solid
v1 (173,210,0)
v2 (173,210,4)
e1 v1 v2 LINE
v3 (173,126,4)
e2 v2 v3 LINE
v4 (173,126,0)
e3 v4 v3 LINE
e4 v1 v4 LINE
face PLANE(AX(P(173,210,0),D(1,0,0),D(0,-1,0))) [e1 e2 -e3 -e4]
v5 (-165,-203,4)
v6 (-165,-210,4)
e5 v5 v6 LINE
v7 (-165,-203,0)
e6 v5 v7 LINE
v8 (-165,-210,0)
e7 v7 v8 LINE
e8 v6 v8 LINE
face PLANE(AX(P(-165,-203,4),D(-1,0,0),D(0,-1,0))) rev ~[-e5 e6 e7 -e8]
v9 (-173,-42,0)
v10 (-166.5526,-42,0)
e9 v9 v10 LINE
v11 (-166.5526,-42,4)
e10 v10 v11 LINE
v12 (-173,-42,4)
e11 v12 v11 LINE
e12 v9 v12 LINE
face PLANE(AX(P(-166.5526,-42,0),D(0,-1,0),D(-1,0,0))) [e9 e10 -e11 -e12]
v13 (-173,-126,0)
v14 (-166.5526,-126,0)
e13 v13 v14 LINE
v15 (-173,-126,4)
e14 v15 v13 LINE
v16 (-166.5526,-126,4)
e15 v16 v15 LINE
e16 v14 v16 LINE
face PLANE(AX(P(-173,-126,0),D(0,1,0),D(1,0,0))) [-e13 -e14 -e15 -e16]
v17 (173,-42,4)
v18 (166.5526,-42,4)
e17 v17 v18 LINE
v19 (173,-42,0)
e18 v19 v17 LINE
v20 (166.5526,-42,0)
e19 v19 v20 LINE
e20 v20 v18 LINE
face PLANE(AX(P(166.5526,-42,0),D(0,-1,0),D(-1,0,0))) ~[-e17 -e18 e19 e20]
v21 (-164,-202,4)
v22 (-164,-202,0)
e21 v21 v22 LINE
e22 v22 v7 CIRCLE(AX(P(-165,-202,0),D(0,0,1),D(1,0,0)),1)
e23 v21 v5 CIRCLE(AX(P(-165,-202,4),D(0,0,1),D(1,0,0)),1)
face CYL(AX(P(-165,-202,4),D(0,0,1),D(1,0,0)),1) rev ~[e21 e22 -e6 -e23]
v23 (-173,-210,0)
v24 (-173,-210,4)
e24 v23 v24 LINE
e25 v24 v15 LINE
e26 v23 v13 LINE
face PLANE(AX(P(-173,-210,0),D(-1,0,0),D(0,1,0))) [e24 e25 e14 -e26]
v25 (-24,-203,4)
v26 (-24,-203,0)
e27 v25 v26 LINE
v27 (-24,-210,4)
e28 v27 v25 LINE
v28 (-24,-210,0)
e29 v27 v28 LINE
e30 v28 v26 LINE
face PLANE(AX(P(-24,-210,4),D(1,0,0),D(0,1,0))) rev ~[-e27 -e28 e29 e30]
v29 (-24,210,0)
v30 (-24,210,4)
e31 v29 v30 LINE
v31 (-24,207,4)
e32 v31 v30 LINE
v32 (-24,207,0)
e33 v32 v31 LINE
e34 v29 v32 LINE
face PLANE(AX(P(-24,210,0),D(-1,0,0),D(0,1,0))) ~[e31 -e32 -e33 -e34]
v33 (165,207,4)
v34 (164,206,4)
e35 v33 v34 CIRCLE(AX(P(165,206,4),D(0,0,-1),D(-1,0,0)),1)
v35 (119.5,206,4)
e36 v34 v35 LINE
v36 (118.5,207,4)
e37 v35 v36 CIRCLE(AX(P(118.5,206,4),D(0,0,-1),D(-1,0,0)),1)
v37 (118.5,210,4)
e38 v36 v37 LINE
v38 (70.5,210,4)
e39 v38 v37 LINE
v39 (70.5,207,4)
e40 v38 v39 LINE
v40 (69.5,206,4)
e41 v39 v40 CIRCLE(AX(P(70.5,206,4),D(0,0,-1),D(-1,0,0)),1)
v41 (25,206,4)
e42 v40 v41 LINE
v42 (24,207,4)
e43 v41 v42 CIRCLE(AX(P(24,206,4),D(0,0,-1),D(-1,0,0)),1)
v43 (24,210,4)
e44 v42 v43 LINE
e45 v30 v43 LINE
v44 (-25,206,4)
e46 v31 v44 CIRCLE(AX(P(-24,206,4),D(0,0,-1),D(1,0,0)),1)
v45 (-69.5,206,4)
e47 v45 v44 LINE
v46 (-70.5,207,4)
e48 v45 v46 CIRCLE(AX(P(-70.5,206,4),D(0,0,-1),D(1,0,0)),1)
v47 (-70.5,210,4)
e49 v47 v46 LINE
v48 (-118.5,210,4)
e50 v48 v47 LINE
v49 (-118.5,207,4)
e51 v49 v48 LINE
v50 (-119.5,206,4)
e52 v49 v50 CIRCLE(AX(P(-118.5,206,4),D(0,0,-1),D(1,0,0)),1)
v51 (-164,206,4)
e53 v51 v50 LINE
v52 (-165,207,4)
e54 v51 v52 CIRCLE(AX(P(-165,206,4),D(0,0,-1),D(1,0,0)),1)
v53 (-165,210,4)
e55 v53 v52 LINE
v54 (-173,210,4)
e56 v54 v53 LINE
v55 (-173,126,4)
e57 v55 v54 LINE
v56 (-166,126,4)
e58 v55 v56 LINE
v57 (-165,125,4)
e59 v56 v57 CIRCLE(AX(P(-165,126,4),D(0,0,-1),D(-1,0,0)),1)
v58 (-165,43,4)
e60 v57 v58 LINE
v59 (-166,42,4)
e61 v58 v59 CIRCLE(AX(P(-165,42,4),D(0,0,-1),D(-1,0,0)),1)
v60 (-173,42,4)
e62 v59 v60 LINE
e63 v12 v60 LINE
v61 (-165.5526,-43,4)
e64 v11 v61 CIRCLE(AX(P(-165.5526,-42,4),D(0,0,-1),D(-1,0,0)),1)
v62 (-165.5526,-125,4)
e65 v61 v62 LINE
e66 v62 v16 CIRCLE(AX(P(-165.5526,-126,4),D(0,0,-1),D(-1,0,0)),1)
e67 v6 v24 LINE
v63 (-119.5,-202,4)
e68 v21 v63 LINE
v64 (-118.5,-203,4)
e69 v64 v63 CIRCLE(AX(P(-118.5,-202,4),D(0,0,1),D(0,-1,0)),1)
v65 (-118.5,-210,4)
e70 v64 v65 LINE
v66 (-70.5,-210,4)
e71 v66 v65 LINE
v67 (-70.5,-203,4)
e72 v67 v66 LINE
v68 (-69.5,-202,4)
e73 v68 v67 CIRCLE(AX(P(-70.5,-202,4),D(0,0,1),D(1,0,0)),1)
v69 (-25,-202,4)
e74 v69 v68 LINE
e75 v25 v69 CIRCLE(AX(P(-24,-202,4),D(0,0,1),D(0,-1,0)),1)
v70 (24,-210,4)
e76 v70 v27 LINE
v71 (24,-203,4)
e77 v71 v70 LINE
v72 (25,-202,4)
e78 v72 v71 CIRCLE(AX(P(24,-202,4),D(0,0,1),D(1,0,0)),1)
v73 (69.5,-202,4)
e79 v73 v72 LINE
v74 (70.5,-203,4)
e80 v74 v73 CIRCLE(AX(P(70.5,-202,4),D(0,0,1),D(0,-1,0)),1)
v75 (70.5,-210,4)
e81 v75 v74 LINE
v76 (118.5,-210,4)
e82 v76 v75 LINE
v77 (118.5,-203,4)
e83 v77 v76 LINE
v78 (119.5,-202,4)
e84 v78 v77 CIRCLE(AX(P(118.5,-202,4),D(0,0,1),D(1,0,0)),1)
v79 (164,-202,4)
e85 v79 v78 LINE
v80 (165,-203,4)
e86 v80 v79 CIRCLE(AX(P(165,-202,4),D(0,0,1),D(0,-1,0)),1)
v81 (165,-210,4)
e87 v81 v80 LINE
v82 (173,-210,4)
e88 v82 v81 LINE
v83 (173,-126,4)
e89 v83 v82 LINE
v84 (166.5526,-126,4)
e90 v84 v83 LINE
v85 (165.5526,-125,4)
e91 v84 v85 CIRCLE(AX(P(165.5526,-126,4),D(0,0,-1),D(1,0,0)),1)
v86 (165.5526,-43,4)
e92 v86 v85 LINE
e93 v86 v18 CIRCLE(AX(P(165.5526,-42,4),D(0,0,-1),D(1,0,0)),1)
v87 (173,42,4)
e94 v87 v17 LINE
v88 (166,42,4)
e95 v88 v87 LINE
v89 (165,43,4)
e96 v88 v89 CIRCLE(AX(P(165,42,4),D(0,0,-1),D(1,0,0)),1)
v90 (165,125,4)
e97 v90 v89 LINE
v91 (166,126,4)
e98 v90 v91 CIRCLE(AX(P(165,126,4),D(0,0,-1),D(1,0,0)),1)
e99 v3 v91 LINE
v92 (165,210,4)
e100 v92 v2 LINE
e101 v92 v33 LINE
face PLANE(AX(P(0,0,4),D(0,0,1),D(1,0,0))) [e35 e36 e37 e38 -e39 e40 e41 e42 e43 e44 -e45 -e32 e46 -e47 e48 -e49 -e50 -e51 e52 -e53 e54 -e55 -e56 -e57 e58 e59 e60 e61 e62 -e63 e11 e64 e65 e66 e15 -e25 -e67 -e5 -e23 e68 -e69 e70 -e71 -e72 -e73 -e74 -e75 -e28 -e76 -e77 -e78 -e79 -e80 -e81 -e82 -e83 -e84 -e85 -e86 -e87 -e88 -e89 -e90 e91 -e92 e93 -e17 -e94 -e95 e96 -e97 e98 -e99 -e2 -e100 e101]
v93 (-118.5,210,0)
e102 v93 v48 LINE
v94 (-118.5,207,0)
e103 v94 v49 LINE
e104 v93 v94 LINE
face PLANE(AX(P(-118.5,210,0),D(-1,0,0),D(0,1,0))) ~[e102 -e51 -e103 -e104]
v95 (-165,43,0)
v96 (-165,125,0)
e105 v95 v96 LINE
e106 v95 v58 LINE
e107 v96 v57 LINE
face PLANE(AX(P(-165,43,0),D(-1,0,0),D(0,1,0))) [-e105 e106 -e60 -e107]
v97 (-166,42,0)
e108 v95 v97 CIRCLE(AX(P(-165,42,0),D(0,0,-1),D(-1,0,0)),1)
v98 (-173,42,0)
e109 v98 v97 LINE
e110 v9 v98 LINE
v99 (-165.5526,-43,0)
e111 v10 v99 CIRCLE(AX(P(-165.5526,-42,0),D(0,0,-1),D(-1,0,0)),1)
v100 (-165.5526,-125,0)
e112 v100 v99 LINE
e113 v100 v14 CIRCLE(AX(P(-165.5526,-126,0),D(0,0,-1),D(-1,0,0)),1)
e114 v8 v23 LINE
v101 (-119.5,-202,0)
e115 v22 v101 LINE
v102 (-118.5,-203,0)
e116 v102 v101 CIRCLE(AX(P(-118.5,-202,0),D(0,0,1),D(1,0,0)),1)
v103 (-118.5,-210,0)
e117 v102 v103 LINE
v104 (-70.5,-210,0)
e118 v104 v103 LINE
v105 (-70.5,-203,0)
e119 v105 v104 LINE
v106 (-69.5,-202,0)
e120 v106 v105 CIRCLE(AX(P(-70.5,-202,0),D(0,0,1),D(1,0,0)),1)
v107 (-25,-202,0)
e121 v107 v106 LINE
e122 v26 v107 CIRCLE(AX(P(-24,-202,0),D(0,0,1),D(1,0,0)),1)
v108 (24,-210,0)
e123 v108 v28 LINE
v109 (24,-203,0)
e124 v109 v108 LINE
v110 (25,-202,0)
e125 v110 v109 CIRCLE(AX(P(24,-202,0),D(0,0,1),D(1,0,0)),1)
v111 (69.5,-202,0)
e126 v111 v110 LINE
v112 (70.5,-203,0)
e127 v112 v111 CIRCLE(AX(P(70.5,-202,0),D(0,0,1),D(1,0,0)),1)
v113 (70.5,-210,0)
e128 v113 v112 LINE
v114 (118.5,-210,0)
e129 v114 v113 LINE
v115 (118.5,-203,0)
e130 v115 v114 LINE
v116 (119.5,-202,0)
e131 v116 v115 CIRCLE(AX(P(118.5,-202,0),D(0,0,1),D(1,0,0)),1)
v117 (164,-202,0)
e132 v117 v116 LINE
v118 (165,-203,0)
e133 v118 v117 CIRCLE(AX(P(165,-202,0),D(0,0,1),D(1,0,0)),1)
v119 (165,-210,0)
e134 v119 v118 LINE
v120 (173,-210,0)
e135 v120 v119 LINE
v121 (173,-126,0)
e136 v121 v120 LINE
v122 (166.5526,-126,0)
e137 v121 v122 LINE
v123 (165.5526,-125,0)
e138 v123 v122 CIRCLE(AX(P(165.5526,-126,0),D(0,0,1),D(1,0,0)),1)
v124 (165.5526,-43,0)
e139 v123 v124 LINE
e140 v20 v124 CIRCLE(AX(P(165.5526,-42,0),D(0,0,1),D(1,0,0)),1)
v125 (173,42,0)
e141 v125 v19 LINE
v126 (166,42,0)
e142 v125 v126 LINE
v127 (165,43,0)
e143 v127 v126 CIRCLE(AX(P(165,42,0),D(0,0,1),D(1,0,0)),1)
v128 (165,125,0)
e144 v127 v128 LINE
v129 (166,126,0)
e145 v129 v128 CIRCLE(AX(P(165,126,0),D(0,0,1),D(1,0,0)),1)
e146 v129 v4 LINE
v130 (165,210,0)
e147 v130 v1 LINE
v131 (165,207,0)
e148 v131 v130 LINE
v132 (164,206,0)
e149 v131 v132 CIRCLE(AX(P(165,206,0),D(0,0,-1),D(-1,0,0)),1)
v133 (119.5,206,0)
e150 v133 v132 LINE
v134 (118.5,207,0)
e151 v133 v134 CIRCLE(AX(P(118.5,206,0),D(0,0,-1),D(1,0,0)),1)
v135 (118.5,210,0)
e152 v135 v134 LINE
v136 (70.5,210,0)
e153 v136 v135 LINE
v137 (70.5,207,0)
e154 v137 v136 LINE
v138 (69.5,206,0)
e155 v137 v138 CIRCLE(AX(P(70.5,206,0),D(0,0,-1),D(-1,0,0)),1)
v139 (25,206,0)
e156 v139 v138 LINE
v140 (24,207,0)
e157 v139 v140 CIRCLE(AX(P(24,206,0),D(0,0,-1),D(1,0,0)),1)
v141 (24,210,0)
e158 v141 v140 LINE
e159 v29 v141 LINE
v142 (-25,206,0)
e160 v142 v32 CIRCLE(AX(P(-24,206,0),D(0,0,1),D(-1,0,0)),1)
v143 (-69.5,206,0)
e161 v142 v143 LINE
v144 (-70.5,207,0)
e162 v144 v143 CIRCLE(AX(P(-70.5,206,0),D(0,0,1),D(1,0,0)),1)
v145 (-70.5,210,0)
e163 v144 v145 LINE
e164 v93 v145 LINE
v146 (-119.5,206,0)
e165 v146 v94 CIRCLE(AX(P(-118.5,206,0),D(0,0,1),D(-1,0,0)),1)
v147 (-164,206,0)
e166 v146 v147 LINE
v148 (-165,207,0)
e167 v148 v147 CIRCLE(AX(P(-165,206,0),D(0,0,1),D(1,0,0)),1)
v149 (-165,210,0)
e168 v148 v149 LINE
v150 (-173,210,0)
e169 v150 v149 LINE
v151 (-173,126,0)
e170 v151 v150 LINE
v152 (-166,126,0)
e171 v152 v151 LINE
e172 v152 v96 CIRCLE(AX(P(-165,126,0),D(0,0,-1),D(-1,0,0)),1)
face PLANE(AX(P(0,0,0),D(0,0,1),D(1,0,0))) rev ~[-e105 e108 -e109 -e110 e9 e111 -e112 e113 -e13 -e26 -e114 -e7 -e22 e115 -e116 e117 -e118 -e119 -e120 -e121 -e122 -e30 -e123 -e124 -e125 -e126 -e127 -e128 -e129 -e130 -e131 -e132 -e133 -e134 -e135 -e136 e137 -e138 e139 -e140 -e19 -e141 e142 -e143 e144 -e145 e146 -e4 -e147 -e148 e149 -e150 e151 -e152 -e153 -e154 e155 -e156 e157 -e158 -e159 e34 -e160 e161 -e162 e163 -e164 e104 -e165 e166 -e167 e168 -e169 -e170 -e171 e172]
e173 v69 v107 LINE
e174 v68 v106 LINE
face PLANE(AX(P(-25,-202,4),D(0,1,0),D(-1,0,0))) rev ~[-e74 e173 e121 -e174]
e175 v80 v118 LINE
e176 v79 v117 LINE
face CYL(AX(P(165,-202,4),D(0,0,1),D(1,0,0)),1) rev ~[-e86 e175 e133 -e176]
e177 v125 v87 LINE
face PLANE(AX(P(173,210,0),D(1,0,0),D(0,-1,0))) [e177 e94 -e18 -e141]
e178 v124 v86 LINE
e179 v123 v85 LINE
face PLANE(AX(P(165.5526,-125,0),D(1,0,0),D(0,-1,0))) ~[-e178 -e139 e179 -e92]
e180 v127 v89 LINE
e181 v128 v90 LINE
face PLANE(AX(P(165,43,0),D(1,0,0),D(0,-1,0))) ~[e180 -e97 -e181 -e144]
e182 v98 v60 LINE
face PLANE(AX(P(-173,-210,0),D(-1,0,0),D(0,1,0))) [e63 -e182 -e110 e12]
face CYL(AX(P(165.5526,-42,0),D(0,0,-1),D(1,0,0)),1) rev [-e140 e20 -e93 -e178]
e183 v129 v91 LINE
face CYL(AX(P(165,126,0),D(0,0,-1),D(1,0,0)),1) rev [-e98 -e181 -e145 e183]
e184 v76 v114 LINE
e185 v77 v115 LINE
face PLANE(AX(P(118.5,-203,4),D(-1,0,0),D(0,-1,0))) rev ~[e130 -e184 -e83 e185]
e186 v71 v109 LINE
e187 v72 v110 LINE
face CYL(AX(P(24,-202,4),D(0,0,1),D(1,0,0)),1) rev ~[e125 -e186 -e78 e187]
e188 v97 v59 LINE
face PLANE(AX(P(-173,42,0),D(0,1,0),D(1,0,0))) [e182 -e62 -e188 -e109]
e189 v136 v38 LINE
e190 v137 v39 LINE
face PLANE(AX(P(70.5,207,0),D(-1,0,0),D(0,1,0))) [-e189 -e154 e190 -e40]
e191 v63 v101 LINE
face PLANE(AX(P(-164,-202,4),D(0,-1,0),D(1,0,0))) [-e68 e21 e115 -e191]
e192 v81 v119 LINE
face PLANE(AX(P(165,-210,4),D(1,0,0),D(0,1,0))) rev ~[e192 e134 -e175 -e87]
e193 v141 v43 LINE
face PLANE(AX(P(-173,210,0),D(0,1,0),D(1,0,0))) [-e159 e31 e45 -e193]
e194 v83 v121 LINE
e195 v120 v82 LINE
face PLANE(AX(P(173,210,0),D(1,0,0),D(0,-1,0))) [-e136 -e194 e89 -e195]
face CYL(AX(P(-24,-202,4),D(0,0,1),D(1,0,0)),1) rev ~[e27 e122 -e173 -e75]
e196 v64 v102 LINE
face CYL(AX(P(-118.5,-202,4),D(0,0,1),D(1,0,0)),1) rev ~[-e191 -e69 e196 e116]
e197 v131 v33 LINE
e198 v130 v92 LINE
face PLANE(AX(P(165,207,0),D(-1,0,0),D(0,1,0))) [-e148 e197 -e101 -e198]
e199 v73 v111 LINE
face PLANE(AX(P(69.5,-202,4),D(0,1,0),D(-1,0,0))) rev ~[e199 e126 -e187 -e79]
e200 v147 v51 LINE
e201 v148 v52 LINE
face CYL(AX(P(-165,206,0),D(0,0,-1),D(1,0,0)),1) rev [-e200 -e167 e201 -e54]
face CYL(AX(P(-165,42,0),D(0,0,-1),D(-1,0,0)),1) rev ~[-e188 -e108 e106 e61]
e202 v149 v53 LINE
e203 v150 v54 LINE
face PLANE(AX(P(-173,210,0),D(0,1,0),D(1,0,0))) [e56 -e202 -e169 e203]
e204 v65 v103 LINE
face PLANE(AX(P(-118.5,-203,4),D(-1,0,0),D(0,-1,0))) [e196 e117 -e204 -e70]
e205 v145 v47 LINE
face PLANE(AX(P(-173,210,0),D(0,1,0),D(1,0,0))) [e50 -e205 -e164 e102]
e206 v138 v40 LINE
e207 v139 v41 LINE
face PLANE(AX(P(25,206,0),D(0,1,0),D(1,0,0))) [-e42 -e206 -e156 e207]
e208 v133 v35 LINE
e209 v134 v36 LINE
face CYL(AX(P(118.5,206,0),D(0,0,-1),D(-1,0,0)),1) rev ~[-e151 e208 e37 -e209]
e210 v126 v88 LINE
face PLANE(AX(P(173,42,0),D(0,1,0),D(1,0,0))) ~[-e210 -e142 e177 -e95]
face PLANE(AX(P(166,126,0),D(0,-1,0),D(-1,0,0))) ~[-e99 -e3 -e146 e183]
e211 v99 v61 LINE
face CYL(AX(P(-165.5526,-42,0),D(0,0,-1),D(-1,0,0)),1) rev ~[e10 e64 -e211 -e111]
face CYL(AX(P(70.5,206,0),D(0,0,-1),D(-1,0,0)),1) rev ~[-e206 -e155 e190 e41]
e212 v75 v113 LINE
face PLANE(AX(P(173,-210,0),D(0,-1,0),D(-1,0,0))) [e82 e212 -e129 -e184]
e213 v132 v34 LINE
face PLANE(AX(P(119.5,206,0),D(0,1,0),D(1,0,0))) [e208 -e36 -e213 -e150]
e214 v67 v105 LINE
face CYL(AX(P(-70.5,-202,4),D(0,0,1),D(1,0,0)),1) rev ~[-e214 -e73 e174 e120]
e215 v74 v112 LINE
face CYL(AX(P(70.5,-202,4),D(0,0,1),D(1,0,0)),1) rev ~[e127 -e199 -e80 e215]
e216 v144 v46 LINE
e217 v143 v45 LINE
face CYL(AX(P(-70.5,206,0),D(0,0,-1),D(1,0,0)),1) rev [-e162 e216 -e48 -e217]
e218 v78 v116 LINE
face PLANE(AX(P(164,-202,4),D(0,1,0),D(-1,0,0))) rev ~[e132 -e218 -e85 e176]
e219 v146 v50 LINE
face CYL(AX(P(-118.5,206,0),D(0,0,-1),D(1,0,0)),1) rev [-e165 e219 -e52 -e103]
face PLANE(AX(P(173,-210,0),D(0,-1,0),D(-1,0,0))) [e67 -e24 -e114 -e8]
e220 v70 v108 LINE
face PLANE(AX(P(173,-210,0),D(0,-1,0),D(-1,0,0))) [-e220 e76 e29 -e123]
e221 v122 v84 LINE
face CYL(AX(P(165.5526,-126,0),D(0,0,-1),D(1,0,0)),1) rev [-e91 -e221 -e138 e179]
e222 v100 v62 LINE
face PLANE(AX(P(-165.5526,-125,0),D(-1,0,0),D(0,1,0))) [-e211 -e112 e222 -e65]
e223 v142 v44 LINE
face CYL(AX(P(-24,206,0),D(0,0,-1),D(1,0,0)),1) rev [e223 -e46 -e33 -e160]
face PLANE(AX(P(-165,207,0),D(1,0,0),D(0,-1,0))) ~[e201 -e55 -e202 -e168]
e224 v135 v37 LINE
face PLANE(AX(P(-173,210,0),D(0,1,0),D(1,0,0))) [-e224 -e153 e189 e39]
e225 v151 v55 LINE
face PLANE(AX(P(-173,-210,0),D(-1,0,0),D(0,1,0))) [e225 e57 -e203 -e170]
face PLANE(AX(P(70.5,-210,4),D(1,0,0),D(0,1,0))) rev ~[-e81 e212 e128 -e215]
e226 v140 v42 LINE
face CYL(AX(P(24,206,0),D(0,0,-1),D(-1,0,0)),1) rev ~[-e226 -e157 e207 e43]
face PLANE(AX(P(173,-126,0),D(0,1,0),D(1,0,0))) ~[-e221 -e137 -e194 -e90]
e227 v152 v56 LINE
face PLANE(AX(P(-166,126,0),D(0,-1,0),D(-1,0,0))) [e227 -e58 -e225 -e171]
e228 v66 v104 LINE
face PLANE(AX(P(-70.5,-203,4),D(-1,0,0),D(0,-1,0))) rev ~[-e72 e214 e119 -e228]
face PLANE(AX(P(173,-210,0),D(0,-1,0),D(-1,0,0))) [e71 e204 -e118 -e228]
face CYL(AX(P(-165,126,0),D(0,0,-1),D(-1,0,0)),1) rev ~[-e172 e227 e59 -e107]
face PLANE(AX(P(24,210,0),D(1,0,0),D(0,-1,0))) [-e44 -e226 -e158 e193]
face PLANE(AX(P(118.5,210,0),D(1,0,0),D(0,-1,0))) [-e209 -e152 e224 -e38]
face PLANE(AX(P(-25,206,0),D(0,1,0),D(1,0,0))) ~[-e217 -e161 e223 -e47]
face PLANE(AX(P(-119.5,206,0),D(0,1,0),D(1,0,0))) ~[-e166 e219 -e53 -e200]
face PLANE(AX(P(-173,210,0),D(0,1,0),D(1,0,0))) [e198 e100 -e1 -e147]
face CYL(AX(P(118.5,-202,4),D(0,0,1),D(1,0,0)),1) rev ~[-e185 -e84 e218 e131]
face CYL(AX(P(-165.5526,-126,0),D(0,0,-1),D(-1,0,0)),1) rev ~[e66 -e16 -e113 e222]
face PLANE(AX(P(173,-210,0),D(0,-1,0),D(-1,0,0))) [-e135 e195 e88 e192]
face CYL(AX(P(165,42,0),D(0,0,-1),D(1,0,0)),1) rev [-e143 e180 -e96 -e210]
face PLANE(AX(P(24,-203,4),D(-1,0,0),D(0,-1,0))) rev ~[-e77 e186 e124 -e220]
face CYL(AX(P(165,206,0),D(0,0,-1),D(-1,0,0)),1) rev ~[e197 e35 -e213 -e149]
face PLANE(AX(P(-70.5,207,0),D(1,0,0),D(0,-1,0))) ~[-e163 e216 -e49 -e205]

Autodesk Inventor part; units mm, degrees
ref_plane "YZ Plane" through (0, 0, 0) normal (1, 0, 0) x (0, 1, 0)
ref_plane "XZ Plane" through (0, 0, 0) normal (0, 1, 0) x (-1, 0, 0)
ref_plane "XY Plane" through (0, 0, 0) normal (0, 0, 1) x (1, 0, 0)
sketch "Esboço1" plane through (0, 0, 0) normal (0, 0, 1) x (1, 0, 0)
  line L0 (-173, 210) -> (173, 210)
  line L1 (173, 210) -> (173, -210)
  line L2 (173, -210) -> (-173, -210)
  line L3 (-173, -210) -> (-173, 210)
  point P0 (0, 0)
  point P1 (173, 0)
  point P2 (0, 210)
  dimension "d0" = 420
  dimension "d1" = 346
extrude "Extrusão1" add sketch "Esboço1" along normal blind 4
sketch "Esboço2" plane through (0, 0, 4) normal (0, 0, 1) x (1, 0, 0)
  line L0 (-173, 210) -> (-173, -210) projected
  line L1 (-173, -210) -> (173, -210) projected
  line L2 (-165, -202) -> (-118.5, -202)
  line L3 (-118.5, -202) -> (-118.5, -210)
  line L4 (-118.5, -210) -> (-165, -210)
  line L5 (-70.5, -210) -> (-24, -210)
  line L6 (-24, -210) -> (-24, -202)
  line L7 (-24, -202) -> (-70.5, -202)
  line L8 (-70.5, -202) -> (-70.5, -210)
  line L9 (24, -210) -> (70.5, -210)
  line L10 (70.5, -210) -> (70.5, -202)
  line L11 (70.5, -202) -> (24, -202)
  line L12 (24, -202) -> (24, -210)
  line L13 (118.5, -210) -> (165, -210)
  line L14 (165, -210) -> (165, -202)
  line L15 (165, -202) -> (118.5, -202)
  line L16 (118.5, -202) -> (118.5, -210)
  circle A0 centre (-118.5, -202) radius 1
  circle A1 centre (-70.5, -202) radius 1
  circle A2 centre (-24, -202) radius 1
  circle A3 centre (24, -202) radius 1
  circle A4 centre (70.5, -202) radius 1
  circle A5 centre (118.5, -202) radius 1
  line L17 (173, -210) -> (173, 210) projected
  line L18 (-165, -202) -> (-165, -210)
  circle A6 centre (165, -202) radius 1
  circle A7 centre (-165, -202) radius 1
  point P0 (0, 0)
  dimension "d4" = 46.5
  dimension "d5" = 8
  dimension "d6" = 46.5
  dimension "d7" = 46.5
  dimension "d8" = 46.5
  dimension "d9" = 8
  dimension "d10" = 8
  dimension "d11" = 48
  dimension "d12" = 48
  dimension "d13" = 48
  dimension "d16" = 2
  dimension "d17" = 2
  dimension "d18" = 2
  dimension "d19" = 2
  dimension "d20" = 2
  dimension "d21" = 2
  dimension "d38" = 8
  dimension "d40" = 46.5
  dimension "d41" = 2
  dimension "d42" = 2
extrude "Extrusão2" cut sketch "Esboço2" against normal blind 10
sketch "Esboço3" plane through (0, 0, 0) normal (0, 0, -1) x (-1, 0, 0)
  line L0 (-173, 210) -> (173, 210) projected
  line L1 (-118.5, 210) -> (-118.5, 206)
  line L2 (-118.5, 206) -> (-165, 206)
  line L3 (-70.5, 210) -> (-24, 210)
  line L4 (-24, 210) -> (-24, 206)
  line L5 (-24, 206) -> (-70.5, 206)
  line L6 (-70.5, 206) -> (-70.5, 210)
  line L7 (173, -210) -> (173, 210) projected
  circle A0 centre (-118.5, 206) radius 1
  circle A1 centre (-70.5, 206) radius 1
  circle A2 centre (-24, 206) radius 1
  line L8 (-165, 206) -> (-165, 210)
  line L9 (-118.5, 210) -> (-165, 210)
  line L10 (173, 210) -> (-173, 210) projected
  line L11 (-173, 210) -> (-173, -210) projected
  circle A3 centre (-165, 206) radius 1
  point P0 (0, 0)
  point P1 (173, -202)
  dimension "d22" = 46.5
  dimension "d23" = 4
  dimension "d24" = 46.5
  dimension "d31" = 48
  dimension "d33" = 2
  dimension "d34" = 2
  dimension "d35" = 2
  dimension "d43" = 8
  dimension "d44" = 2
extrude "Extrusão3" cut sketch "Esboço3" against normal blind 10
mirror "Espelhamento1" about plane through (0, 0, 0) normal (1, 0, 0) of "Extrusão3"
sketch "Esboço4" plane through (0, 0, 0) normal (0, 0, -1) x (-1, 0, 0)
  line L0 (173.5526, -126) -> (165.5526, -126)
  line L1 (165.5526, -126) -> (165.5526, -42)
  line L2 (165.5526, -42) -> (173.5526, -42)
  line L3 (173.5526, -42) -> (173.5526, -126)
  line L4 (165, -210) -> (173, -210) projected
  line L5 (173, 210) -> (173, -210) projected
  line L6 (173, 42) -> (165, 42)
  line L7 (165, 42) -> (165, 126)
  line L8 (165, 126) -> (173, 126)
  line L9 (173, 126) -> (173, 42)
  line L10 (173, 210) -> (165, 210) projected
  circle A0 centre (165.5526, -42) radius 1
  circle A1 centre (165.5526, -126) radius 1
  circle A2 centre (165, 42) radius 1
  circle A3 centre (165, 126) radius 1
  point P0 (0, 0)
  dimension "d45" = 8
  dimension "d46" = 84
  dimension "d47" = 84
  dimension "d48" = 84
  dimension "d49" = 84
  dimension "d50" = 84
  dimension "d51" = 2
  dimension "d52" = 2
  dimension "d53" = 2
  dimension "d54" = 2
extrude "Extrusão4" cut sketch "Esboço4" against normal blind 10
mirror "Espelhamento2" about plane through (0, 0, 0) normal (1, 0, 0) of "Extrusão4"
properties part number "traseira"
